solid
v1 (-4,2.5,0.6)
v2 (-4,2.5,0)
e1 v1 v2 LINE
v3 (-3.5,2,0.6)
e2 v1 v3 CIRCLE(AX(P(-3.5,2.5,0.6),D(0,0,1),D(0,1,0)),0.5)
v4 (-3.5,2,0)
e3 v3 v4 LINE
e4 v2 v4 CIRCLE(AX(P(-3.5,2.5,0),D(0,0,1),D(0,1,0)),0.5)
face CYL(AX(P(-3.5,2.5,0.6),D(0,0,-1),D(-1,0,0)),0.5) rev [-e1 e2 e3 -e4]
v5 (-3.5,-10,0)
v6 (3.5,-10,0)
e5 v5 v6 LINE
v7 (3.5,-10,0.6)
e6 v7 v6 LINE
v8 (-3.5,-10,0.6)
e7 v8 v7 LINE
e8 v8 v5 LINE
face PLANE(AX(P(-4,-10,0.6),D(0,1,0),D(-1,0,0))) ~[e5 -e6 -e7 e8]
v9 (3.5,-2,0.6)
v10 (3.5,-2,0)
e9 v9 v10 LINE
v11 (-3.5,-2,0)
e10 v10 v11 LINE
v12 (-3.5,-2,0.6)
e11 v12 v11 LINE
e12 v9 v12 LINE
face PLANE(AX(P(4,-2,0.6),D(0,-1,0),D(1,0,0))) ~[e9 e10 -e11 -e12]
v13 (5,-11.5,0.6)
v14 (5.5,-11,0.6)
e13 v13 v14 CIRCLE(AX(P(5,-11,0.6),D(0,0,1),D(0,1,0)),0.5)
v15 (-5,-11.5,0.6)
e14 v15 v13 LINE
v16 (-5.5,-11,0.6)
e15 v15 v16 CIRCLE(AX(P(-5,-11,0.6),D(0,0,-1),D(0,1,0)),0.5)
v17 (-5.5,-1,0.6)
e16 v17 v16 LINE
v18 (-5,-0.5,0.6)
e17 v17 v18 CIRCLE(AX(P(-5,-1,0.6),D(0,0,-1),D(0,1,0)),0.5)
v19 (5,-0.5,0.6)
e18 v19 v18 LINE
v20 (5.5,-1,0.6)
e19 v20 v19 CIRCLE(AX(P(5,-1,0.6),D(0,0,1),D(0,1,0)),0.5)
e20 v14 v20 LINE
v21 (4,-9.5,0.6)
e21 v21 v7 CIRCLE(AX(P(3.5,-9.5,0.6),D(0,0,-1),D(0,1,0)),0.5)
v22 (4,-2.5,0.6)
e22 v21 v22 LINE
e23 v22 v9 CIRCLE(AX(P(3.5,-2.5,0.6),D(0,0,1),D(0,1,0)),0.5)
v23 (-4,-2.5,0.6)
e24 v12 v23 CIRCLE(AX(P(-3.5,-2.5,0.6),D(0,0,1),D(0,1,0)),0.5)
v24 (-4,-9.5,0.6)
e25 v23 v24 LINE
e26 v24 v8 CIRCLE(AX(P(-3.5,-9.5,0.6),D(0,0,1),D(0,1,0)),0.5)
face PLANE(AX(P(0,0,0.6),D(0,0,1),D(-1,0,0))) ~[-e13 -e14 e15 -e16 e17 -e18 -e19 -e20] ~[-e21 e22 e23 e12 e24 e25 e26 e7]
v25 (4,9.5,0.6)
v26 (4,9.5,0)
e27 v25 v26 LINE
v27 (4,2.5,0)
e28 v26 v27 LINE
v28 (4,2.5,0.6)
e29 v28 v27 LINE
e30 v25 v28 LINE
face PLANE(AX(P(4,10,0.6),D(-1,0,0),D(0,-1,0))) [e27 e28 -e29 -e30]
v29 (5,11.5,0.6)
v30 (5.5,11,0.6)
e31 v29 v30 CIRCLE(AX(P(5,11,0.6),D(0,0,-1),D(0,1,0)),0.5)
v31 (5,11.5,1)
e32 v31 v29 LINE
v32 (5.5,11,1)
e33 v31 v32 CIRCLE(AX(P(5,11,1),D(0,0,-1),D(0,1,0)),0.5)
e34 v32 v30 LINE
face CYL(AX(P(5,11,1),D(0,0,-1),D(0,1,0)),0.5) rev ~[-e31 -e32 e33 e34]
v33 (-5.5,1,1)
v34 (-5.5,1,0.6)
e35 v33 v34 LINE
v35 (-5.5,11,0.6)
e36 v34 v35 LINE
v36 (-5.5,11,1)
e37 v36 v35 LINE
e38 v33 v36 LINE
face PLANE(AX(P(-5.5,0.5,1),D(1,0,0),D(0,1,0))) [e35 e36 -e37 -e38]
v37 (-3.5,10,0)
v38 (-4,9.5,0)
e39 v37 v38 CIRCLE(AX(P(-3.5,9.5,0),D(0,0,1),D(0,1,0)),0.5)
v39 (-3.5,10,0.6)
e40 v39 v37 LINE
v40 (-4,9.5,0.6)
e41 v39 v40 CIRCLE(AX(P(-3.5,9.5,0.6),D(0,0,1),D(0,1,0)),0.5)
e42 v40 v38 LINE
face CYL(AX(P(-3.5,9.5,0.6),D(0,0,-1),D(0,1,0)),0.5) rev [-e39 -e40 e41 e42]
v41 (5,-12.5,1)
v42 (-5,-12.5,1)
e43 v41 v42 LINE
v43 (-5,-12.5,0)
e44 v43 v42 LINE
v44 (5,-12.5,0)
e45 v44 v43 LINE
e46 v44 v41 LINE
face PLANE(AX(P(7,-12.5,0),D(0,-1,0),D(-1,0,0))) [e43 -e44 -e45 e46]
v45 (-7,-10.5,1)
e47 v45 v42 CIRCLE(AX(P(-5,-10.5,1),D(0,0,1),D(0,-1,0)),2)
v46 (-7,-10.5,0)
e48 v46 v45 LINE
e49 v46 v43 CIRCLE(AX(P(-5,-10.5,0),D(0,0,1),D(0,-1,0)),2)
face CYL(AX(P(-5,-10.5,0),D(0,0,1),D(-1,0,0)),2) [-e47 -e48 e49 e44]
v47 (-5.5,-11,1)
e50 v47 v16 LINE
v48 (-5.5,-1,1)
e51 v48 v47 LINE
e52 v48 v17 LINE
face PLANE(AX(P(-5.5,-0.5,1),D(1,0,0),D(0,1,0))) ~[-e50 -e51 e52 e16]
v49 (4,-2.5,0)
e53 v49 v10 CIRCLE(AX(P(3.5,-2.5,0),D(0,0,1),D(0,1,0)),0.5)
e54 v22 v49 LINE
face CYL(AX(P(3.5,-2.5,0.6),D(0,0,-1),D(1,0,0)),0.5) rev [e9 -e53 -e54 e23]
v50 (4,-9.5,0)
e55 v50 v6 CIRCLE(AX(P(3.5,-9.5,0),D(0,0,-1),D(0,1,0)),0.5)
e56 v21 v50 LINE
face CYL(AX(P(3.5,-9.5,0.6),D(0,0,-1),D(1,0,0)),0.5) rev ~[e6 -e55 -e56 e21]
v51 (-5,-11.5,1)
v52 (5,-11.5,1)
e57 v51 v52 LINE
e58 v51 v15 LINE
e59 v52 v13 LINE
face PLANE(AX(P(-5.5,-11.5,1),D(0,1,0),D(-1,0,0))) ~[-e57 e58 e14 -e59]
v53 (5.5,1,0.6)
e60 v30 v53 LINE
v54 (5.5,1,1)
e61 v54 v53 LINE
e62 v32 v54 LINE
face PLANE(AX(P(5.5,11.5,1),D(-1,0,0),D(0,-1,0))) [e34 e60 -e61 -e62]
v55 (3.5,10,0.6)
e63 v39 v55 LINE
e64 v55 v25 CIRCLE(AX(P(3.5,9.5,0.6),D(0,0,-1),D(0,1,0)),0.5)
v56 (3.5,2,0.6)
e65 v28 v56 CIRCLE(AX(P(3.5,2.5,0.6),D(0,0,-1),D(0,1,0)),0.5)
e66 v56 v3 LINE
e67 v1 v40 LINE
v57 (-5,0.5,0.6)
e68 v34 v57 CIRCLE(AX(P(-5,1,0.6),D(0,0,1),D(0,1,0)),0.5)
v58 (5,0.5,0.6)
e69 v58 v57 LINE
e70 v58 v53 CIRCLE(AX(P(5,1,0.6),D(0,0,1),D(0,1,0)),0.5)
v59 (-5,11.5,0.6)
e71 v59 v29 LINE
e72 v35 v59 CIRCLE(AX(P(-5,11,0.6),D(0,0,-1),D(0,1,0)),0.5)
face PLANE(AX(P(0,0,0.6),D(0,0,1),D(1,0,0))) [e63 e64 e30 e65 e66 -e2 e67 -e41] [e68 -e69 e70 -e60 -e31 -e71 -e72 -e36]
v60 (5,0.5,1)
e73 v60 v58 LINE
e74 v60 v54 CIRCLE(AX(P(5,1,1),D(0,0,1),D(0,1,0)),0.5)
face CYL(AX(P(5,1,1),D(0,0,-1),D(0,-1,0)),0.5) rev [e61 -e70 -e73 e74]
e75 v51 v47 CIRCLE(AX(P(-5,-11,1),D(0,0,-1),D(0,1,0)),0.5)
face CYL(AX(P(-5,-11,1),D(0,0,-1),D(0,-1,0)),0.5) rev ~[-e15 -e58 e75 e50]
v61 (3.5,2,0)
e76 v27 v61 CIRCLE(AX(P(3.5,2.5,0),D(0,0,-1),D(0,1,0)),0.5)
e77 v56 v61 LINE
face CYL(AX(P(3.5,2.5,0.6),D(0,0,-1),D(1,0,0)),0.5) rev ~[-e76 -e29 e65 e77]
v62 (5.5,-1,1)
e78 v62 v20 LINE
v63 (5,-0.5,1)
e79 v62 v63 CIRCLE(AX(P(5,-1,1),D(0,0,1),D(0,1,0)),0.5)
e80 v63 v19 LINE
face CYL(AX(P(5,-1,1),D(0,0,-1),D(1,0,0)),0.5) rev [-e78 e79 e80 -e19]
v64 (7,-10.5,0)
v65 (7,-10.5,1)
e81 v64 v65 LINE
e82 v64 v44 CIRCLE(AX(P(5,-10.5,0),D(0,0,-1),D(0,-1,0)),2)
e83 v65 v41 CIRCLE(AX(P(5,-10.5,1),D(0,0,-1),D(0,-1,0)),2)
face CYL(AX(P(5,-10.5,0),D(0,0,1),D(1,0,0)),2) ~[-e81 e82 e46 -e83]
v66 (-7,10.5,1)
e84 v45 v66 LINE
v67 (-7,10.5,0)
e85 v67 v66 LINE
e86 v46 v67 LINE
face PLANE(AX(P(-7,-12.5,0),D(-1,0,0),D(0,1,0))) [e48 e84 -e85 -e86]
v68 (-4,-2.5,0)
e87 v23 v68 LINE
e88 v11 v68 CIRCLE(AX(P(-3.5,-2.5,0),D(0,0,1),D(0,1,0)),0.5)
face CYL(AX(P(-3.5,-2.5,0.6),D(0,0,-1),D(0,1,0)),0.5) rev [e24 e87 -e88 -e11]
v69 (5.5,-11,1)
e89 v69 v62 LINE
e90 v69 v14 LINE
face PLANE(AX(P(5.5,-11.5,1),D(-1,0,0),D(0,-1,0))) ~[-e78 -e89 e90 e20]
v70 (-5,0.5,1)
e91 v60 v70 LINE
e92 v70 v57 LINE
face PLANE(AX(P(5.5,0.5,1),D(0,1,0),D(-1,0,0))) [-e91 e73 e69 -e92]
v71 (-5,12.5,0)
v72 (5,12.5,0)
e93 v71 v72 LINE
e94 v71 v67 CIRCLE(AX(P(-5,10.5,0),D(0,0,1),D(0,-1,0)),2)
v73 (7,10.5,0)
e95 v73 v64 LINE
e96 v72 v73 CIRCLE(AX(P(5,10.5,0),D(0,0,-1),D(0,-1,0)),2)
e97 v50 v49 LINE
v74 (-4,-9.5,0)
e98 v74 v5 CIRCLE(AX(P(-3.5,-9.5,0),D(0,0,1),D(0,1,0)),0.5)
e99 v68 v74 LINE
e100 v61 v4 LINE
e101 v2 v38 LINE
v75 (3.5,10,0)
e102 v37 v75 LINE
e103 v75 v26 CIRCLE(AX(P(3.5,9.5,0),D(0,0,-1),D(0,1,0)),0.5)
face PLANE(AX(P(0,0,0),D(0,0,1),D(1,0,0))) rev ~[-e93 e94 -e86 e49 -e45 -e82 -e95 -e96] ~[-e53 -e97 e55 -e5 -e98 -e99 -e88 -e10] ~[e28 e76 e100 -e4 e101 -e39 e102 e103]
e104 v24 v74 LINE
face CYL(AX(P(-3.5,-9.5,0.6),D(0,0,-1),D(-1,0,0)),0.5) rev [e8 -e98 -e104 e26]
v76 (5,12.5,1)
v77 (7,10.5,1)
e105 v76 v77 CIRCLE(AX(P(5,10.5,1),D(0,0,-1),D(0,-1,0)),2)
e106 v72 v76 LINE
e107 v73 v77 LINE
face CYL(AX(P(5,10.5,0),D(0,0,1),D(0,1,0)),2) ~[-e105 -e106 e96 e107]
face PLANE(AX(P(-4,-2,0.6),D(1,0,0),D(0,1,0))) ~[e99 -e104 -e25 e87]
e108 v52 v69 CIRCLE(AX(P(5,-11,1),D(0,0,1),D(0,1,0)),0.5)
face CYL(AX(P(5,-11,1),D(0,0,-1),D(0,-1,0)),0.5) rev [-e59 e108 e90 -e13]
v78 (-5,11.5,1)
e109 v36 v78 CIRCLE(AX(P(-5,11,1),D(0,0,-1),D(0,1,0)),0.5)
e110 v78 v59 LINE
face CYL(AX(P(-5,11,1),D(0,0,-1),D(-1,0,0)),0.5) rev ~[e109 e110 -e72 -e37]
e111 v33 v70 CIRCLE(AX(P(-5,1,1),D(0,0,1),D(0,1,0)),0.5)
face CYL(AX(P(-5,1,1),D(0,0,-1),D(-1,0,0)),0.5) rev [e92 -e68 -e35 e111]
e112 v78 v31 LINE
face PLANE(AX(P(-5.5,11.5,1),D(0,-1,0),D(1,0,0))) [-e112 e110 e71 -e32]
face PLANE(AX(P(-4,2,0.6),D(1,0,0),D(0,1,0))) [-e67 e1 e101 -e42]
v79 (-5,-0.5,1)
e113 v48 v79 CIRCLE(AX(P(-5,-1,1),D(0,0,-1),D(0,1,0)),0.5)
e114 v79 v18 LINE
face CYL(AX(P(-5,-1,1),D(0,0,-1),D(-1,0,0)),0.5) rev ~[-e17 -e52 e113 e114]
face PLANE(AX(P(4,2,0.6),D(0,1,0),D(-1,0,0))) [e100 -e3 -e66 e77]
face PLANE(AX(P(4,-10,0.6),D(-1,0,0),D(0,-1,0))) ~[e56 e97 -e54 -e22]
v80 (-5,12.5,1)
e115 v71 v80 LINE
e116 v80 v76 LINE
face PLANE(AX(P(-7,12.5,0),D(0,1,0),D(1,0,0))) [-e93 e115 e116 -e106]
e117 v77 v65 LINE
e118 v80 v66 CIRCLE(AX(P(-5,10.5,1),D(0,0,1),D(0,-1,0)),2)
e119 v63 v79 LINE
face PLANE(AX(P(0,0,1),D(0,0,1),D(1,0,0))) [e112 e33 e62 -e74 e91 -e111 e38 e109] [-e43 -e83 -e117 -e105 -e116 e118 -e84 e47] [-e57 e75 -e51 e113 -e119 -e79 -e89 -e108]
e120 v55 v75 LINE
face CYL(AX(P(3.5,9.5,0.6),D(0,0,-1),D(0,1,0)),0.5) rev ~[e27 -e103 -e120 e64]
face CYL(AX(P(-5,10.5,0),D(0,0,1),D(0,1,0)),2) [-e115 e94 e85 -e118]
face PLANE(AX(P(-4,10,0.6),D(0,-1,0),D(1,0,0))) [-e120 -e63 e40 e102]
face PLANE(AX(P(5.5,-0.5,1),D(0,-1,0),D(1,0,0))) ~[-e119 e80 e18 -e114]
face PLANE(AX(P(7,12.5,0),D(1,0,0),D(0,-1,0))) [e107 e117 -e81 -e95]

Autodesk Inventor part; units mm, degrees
ref_plane "YZ Plane" through (0, 0, 0) normal (1, 0, 0) x (0, 1, 0)
ref_plane "XZ Plane" through (0, 0, 0) normal (0, 1, 0) x (-1, 0, 0)
ref_plane "XY Plane" through (0, 0, 0) normal (0, 0, 1) x (1, 0, 0)
sketch "Sketch1" plane through (0, 0, 0) normal (0, 0, 1) x (1, 0, 0)
  line L0 (-7, 12.5) -> (7, 12.5)
  line L1 (7, 12.5) -> (7, -12.5)
  line L2 (7, -12.5) -> (-7, -12.5)
  line L3 (-7, -12.5) -> (-7, 12.5)
  point P0 (0, 0)
  point P1 (7, 0)
  point P2 (0, 12.5)
  dimension "d0" = 14
  dimension "d1" = 25
extrude "Extrusion1" add sketch "Sketch1" along normal blind 1
sketch "Sketch2" plane through (0, 0, 1) normal (0, 0, 1) x (1, 0, 0)
  line L0 (-5.5, 11.5) -> (5.5, 11.5)
  line L1 (5.5, 11.5) -> (5.5, 0.5)
  line L2 (5.5, 0.5) -> (-5.5, 0.5)
  line L3 (-5.5, 0.5) -> (-5.5, 11.5)
  line L4 (7, 12.5) -> (-7, 12.5) projected
  point P0 (0, 0)
  point P1 (0, 11.5)
  dimension "d4" = 11
  dimension "d5" = 11
  dimension "d6" = 1
extrude "Extrusion2" cut sketch "Sketch2" against normal blind 0.4
sketch "Sketch3" plane through (0, 0, 0.6) normal (0, 0, 1) x (1, 0, 0)
  line L0 (5.5, 0.5) -> (-5.5, 0.5) projected
  line L1 (5.5, 11.5) -> (5.5, 0.5) projected
  line L2 (-5.5, 11.5) -> (5.5, 11.5) projected
  line L3 (-5.5, 0.5) -> (-5.5, 11.5) projected
  line L4 (4, 10) -> (4, 2)
  line L5 (4, 2) -> (-4, 2)
  line L6 (-4, 2) -> (-4, 10)
  line L7 (-4, 10) -> (4, 10)
  point P0 (0, 0)
  dimension "d9" = 1.5
extrude "Extrusion3" cut sketch "Sketch3" against normal through all contours L4 L5 L6 L7
mirror "Mirror1" about plane through (0, 0, 0) normal (0, 1, 0) of "Extrusion3", "Extrusion2"
fillet "Fillet1" radius 2 4 edges at (7, 12.5, 0.5) (7, -12.5, 0.5) (-7, -12.5, 0.5) (-7, 12.5, 0.5)
fillet "Fillet2" radius 0.5 8 edges at (-4, 2, 0.3) (-4, 10, 0.3) (4, 10, 0.3) (4, 2, 0.3) (4, -2, 0.3) (-4, -2, 0.3) (-4, -10, 0.3) (4, -10, 0.3)
fillet "Fillet3" radius 0.5 8 edges at (-5.5, 11.5, 0.8) (5.5, 11.5, 0.8) (5.5, 0.5, 0.8) (-5.5, 0.5, 0.8) (-5.5, -0.5, 0.8) (5.5, -0.5, 0.8) (5.5, -11.5, 0.8) (-5.5, -11.5, 0.8)
properties part number "SampleTray" material "UHMW, White"
